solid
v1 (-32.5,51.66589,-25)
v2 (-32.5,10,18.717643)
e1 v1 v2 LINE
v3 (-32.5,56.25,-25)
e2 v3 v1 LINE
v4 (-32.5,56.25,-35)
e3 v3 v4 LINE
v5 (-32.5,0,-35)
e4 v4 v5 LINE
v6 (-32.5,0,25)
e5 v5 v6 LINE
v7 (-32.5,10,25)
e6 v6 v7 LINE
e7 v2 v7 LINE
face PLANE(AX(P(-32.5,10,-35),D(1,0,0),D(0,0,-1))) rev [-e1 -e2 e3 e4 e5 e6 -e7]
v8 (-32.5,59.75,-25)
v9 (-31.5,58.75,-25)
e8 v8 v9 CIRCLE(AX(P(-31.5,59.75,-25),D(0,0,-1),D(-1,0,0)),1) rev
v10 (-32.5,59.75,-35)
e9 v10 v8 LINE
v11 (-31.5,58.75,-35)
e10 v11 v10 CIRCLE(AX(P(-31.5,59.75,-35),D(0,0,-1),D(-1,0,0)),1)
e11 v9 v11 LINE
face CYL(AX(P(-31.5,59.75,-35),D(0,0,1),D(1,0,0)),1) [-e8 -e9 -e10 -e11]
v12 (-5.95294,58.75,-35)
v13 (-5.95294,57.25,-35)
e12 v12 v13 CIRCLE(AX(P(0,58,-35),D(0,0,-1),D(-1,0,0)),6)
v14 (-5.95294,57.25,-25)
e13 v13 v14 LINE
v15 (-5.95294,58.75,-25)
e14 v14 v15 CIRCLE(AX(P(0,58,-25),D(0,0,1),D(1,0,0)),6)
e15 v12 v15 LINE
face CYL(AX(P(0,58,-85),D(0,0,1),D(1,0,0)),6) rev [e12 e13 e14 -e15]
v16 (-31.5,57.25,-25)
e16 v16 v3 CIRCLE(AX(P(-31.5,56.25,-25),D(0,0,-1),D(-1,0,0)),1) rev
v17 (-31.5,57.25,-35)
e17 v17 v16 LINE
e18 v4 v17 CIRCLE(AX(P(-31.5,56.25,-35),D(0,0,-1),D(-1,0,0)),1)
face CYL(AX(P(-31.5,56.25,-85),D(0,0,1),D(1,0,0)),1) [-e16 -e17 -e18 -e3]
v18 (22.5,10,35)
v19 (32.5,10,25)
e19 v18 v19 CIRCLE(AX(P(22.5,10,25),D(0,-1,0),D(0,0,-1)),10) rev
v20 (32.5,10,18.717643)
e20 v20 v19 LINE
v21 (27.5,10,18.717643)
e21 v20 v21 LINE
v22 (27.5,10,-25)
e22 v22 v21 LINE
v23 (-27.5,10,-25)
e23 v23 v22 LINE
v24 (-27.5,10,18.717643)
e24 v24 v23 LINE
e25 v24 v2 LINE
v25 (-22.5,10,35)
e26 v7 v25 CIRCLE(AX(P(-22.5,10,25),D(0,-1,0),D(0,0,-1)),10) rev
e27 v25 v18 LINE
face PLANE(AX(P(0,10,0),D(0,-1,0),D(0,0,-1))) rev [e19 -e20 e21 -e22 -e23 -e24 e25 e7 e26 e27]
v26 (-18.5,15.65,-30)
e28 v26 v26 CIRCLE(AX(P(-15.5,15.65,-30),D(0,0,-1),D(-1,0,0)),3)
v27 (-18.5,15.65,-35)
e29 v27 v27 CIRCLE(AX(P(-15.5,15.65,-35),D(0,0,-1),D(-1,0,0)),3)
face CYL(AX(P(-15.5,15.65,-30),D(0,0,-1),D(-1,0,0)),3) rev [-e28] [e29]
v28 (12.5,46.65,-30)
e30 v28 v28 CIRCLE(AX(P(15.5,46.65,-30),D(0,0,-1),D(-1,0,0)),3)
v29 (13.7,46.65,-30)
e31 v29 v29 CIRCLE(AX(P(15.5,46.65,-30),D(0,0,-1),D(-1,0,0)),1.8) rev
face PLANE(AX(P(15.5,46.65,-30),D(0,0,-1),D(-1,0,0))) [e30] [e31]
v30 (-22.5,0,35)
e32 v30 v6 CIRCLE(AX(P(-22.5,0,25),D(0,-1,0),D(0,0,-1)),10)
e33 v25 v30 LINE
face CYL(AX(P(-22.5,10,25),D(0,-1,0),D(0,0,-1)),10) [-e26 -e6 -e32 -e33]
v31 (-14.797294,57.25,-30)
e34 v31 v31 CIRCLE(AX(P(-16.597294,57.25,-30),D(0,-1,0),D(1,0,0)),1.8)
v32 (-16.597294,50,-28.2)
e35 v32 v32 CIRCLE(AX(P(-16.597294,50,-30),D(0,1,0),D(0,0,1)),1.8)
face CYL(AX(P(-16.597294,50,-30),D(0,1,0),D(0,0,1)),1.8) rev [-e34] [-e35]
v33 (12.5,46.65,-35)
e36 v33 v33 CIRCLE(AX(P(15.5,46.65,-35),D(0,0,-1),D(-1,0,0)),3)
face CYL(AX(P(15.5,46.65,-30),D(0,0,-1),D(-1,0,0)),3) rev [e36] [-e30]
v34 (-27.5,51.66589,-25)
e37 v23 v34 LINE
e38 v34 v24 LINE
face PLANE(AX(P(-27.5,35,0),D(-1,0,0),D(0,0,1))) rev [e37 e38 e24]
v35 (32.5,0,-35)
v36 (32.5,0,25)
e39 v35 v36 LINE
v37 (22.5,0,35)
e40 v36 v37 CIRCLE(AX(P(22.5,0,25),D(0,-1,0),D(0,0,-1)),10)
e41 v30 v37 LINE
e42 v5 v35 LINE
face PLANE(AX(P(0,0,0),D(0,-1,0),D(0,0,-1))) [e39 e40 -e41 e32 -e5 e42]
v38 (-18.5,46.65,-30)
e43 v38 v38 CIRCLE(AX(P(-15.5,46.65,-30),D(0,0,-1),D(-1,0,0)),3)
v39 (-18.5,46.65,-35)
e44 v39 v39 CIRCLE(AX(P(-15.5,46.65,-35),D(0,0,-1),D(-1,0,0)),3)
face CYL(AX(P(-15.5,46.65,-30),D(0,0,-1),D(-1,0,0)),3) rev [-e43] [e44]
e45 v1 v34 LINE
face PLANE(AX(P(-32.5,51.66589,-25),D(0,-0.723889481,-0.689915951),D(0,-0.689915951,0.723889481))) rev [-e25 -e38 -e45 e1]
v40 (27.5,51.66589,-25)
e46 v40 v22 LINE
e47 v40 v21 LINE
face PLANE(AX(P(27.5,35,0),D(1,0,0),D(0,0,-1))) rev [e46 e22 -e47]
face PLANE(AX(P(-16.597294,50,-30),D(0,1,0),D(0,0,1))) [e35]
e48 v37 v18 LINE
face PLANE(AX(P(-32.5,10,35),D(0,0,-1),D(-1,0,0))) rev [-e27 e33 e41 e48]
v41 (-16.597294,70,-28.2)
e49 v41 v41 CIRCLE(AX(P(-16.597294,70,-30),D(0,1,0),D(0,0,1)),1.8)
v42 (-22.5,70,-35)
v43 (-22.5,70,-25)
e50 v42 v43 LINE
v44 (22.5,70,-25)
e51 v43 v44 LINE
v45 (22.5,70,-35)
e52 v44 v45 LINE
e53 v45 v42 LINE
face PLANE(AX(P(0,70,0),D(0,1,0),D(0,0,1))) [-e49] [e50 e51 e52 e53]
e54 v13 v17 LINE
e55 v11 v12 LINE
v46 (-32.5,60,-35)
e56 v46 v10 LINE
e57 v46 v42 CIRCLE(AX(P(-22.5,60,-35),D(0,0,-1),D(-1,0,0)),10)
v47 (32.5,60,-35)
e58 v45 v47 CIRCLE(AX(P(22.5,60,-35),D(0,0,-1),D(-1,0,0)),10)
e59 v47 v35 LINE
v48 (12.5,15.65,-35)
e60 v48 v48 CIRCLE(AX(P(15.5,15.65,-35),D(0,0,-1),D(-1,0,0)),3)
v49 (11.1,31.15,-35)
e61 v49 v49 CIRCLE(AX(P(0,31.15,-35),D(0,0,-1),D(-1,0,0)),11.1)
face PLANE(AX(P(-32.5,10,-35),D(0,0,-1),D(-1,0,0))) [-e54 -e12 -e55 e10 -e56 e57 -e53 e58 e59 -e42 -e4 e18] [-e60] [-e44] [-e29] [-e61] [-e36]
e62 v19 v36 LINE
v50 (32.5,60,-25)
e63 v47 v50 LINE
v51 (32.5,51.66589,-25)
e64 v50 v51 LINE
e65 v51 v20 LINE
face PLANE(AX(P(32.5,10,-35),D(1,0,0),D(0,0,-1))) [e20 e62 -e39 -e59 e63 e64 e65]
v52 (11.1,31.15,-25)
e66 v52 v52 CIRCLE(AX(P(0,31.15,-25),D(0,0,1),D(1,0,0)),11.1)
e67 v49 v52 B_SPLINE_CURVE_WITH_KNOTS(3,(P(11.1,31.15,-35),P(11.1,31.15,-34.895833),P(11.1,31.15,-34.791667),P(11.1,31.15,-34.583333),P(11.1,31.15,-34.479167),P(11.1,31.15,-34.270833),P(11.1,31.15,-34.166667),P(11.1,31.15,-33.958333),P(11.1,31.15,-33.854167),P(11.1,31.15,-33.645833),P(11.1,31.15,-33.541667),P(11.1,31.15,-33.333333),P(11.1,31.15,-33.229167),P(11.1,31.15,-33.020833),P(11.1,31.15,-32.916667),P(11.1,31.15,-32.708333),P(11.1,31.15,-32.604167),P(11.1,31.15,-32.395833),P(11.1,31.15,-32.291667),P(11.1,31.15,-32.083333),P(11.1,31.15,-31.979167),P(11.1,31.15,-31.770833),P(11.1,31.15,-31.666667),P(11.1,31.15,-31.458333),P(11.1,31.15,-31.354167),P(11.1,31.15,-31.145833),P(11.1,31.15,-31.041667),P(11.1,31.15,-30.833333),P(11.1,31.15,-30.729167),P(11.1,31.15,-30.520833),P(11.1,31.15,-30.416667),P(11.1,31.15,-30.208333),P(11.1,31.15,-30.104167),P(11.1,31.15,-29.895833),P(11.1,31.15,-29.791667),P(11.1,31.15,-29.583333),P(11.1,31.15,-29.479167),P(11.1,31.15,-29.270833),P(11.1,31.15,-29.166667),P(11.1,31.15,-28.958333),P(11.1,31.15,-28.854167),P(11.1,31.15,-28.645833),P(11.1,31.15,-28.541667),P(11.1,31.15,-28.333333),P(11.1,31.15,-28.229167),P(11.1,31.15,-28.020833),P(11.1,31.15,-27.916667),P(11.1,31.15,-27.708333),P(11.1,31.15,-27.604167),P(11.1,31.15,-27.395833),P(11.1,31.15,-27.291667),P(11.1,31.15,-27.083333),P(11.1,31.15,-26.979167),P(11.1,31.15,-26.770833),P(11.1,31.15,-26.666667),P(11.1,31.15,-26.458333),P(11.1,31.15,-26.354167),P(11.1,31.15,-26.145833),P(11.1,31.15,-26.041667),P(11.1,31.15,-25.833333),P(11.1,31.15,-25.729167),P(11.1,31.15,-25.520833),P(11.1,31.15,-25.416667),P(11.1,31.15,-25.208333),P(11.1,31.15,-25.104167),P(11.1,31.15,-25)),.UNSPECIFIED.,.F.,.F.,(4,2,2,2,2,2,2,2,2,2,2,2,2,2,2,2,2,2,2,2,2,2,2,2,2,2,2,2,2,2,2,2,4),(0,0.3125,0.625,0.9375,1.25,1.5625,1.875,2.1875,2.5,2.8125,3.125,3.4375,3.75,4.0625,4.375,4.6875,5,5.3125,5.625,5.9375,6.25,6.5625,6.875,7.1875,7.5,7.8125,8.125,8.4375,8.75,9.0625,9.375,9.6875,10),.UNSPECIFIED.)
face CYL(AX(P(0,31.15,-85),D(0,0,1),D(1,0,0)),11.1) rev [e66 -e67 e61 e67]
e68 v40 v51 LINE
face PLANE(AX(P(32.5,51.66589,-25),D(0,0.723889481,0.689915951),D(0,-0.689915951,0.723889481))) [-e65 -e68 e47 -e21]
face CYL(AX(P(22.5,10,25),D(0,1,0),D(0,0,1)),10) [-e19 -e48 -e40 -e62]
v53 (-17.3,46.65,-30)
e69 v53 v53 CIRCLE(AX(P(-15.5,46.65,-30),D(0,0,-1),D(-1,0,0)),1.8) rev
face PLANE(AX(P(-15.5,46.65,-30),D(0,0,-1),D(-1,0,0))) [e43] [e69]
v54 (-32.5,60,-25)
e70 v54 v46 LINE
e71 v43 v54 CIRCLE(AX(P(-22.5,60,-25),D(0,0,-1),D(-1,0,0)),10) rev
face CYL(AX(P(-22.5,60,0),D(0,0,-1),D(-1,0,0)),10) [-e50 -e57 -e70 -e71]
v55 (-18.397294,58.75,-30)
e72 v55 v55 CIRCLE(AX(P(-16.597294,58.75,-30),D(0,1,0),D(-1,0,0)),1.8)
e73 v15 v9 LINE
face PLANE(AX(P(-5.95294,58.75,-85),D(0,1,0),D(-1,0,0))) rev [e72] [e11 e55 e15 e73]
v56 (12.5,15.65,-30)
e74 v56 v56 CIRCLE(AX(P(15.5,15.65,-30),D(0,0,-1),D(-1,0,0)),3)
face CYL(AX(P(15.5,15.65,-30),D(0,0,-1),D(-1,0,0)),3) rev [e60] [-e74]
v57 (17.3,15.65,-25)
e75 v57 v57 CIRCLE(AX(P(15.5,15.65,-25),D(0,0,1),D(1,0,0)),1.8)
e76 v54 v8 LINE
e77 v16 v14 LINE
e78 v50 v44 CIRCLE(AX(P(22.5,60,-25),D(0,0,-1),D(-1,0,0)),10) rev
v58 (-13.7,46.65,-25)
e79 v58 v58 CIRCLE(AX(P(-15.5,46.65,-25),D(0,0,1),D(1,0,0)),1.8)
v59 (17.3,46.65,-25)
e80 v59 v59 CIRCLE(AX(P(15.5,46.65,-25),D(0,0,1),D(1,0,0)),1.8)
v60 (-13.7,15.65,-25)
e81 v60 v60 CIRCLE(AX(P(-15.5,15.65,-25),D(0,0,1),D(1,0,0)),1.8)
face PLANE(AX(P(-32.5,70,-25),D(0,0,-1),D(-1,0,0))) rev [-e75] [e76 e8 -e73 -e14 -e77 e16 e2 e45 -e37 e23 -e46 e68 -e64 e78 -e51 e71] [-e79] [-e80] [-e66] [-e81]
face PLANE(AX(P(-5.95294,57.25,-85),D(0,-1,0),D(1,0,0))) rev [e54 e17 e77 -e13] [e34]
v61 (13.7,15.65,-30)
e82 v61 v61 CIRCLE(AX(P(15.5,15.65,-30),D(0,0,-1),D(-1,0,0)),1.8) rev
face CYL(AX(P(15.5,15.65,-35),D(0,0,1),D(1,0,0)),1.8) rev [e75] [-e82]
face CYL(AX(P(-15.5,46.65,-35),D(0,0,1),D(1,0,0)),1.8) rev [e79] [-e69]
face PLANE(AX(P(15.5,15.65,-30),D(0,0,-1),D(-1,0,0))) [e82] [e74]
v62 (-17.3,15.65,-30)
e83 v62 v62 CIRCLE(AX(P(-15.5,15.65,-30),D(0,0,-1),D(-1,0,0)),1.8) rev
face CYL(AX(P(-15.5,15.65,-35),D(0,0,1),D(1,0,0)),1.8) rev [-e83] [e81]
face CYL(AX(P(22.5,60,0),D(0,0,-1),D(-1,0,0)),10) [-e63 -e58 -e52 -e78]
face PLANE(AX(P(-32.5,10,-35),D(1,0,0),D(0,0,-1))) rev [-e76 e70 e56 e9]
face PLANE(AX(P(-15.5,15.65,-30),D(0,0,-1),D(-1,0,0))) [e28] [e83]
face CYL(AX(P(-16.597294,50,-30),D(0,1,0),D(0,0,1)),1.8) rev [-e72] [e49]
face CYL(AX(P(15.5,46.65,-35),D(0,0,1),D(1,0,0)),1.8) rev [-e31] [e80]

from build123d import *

# Parameters (mm, degrees)
SKETCH1_W           = 65
SKETCH1_H           = 70
BOSS_EXTRUDE1_DEPTH = 10
SKETCH2_W           = 65
SKETCH2_H           = 10
BOSS_EXTRUDE2_DEPTH = 60
FILLET1_R           = 10
CUT_EXTRUDE3_DEPTH  = 60
FILLET2_R           = 10
FILLET3_R           = 1
FILLET4_R           = 1
SKETCH4_R           = 11.1
CUT_EXTRUDE4_DEPTH  = 60
RIB1_REACH          = 103.735
SKETCH5_WALL_W      = 265.86260353
SKETCH5_WALL_H      = 5
SKETCH6_R           = 1.8
CUT_EXTRUDE5_DEPTH  = 20
SKETCH7_R           = 1.8
CUT_EXTRUDE8_DEPTH  = 10
SKETCH9_R           = 3
CUT_EXTRUDE9_DEPTH  = 5


with BuildPart() as part:
    # Sketch1 → Boss-Extrude1 (new body)
    with BuildSketch(Plane(origin=(0, 0, 0), x_dir=(1, 0, 0), z_dir=(0, 1, 0))):
        Rectangle(SKETCH1_W, SKETCH1_H)
    extrude(amount=BOSS_EXTRUDE1_DEPTH)

    # Sketch2 → Boss-Extrude2 (add)
    with BuildSketch(Plane(origin=(0, 10, 0), x_dir=(1, 0, 0), z_dir=(0, 1, 0))):
        with Locations((0, 30)):
            Rectangle(SKETCH2_W, SKETCH2_H)
    extrude(amount=BOSS_EXTRUDE2_DEPTH)

    # Fillet1
    fillet1_edges = [part.edges().sort_by_distance(p)[0] for p in [
        (-32.5, 5, 35),
        (32.5, 5, 35),
    ]]
    fillet(fillet1_edges, radius=FILLET1_R)

    # Sketch3 → Cut-Extrude3 (cut)
    with BuildSketch(Plane.XY.offset(-25)):
        with BuildLine():
            Line((-5.95294045, 58.75), (-32.5, 58.75))
            Line((-32.5, 58.75), (-32.5, 57.25))
            Line((-32.5, 57.25), (-5.95294045, 57.25))
            ThreePointArc((-5.95294045, 57.25), (6, 58), (-5.95294045, 58.75))
        make_face()
    extrude(amount=-CUT_EXTRUDE3_DEPTH, mode=Mode.SUBTRACT)

    # Fillet2
    fillet2_edges = [part.edges().sort_by_distance(p)[0] for p in [
        (-32.5, 70, -30),
        (32.5, 70, -30),
    ]]
    fillet(fillet2_edges, radius=FILLET2_R)

    # Fillet3
    fillet3_edges = [part.edges().sort_by_distance(p)[0] for p in [
        (-32.5, 58.75, -30),
    ]]
    fillet(fillet3_edges, radius=FILLET3_R)

    # Fillet4
    fillet4_edges = [part.edges().sort_by_distance(p)[0] for p in [
        (-32.5, 57.25, -30),
    ]]
    fillet(fillet4_edges, radius=FILLET4_R)

    # Sketch4 → Cut-Extrude4 (cut)
    with BuildSketch(Plane.XY.offset(-25)):
        with Locations((0, 31.15)):
            Circle(SKETCH4_R)
    extrude(amount=-CUT_EXTRUDE4_DEPTH, mode=Mode.SUBTRACT)

    # Sketch5 wall → Rib1 (add, up to next)
    with BuildSketch(Plane(origin=(-32.5, 30.832944907, -3.141178401), x_dir=(0, -0.689915950612, 0.723889481269), z_dir=(0, 0.723889481269, 0.689915950612)), mode=Mode.PRIVATE) as rib1_sk1:
        with Locations((0, 2.5)):
            Rectangle(SKETCH5_WALL_W, SKETCH5_WALL_H)
    rib1_tool1 = extrude(rib1_sk1.sketch, amount=-RIB1_REACH, mode=Mode.PRIVATE) - part.part
    rib1 = rib1_tool1.solids().sort_by_distance((-32.5, 30.832944907, -3.141178401))[0]
    add(rib1)

    # Mirror1: Rib1 across plane
    add(rib1.mirror(Plane(origin=(0, 0, 0), x_dir=(0, 0, 1), z_dir=(1, 0, 0))))

    # Sketch6 → Cut-Extrude5 (cut)
    with BuildSketch(Plane(origin=(0, 70, 0), x_dir=(1, 0, 0), z_dir=(0, 1, 0))):
        with Locations(Location((-16.597294225, 30, 0), (0, 0, 270))):
            Circle(SKETCH6_R)
    extrude(amount=-CUT_EXTRUDE5_DEPTH, mode=Mode.SUBTRACT)

    # Sketch7 → Cut-Extrude8 (cut)
    with BuildSketch(Plane.XY.offset(-25)):
        with Locations((-15.5, 46.65)):
            Circle(SKETCH7_R)
        with Locations((15.5, 46.65)):
            Circle(SKETCH7_R)
        with Locations((15.5, 15.65)):
            Circle(SKETCH7_R)
        with Locations((-15.5, 15.65)):
            Circle(SKETCH7_R)
    extrude(amount=-CUT_EXTRUDE8_DEPTH, mode=Mode.SUBTRACT)

    # Sketch9 → Cut-Extrude9 (cut)
    with BuildSketch(Plane(origin=(0, 0, -35), x_dir=(-1, 0, 0), z_dir=(0, 0, -1))):
        with Locations((-15.5, 46.65)):
            Circle(SKETCH9_R)
        with Locations((15.5, 46.65)):
            Circle(SKETCH9_R)
        with Locations((15.5, 15.65)):
            Circle(SKETCH9_R)
        with Locations((-15.5, 15.65)):
            Circle(SKETCH9_R)
    extrude(amount=-CUT_EXTRUDE9_DEPTH, mode=Mode.SUBTRACT)


solid = part.part
